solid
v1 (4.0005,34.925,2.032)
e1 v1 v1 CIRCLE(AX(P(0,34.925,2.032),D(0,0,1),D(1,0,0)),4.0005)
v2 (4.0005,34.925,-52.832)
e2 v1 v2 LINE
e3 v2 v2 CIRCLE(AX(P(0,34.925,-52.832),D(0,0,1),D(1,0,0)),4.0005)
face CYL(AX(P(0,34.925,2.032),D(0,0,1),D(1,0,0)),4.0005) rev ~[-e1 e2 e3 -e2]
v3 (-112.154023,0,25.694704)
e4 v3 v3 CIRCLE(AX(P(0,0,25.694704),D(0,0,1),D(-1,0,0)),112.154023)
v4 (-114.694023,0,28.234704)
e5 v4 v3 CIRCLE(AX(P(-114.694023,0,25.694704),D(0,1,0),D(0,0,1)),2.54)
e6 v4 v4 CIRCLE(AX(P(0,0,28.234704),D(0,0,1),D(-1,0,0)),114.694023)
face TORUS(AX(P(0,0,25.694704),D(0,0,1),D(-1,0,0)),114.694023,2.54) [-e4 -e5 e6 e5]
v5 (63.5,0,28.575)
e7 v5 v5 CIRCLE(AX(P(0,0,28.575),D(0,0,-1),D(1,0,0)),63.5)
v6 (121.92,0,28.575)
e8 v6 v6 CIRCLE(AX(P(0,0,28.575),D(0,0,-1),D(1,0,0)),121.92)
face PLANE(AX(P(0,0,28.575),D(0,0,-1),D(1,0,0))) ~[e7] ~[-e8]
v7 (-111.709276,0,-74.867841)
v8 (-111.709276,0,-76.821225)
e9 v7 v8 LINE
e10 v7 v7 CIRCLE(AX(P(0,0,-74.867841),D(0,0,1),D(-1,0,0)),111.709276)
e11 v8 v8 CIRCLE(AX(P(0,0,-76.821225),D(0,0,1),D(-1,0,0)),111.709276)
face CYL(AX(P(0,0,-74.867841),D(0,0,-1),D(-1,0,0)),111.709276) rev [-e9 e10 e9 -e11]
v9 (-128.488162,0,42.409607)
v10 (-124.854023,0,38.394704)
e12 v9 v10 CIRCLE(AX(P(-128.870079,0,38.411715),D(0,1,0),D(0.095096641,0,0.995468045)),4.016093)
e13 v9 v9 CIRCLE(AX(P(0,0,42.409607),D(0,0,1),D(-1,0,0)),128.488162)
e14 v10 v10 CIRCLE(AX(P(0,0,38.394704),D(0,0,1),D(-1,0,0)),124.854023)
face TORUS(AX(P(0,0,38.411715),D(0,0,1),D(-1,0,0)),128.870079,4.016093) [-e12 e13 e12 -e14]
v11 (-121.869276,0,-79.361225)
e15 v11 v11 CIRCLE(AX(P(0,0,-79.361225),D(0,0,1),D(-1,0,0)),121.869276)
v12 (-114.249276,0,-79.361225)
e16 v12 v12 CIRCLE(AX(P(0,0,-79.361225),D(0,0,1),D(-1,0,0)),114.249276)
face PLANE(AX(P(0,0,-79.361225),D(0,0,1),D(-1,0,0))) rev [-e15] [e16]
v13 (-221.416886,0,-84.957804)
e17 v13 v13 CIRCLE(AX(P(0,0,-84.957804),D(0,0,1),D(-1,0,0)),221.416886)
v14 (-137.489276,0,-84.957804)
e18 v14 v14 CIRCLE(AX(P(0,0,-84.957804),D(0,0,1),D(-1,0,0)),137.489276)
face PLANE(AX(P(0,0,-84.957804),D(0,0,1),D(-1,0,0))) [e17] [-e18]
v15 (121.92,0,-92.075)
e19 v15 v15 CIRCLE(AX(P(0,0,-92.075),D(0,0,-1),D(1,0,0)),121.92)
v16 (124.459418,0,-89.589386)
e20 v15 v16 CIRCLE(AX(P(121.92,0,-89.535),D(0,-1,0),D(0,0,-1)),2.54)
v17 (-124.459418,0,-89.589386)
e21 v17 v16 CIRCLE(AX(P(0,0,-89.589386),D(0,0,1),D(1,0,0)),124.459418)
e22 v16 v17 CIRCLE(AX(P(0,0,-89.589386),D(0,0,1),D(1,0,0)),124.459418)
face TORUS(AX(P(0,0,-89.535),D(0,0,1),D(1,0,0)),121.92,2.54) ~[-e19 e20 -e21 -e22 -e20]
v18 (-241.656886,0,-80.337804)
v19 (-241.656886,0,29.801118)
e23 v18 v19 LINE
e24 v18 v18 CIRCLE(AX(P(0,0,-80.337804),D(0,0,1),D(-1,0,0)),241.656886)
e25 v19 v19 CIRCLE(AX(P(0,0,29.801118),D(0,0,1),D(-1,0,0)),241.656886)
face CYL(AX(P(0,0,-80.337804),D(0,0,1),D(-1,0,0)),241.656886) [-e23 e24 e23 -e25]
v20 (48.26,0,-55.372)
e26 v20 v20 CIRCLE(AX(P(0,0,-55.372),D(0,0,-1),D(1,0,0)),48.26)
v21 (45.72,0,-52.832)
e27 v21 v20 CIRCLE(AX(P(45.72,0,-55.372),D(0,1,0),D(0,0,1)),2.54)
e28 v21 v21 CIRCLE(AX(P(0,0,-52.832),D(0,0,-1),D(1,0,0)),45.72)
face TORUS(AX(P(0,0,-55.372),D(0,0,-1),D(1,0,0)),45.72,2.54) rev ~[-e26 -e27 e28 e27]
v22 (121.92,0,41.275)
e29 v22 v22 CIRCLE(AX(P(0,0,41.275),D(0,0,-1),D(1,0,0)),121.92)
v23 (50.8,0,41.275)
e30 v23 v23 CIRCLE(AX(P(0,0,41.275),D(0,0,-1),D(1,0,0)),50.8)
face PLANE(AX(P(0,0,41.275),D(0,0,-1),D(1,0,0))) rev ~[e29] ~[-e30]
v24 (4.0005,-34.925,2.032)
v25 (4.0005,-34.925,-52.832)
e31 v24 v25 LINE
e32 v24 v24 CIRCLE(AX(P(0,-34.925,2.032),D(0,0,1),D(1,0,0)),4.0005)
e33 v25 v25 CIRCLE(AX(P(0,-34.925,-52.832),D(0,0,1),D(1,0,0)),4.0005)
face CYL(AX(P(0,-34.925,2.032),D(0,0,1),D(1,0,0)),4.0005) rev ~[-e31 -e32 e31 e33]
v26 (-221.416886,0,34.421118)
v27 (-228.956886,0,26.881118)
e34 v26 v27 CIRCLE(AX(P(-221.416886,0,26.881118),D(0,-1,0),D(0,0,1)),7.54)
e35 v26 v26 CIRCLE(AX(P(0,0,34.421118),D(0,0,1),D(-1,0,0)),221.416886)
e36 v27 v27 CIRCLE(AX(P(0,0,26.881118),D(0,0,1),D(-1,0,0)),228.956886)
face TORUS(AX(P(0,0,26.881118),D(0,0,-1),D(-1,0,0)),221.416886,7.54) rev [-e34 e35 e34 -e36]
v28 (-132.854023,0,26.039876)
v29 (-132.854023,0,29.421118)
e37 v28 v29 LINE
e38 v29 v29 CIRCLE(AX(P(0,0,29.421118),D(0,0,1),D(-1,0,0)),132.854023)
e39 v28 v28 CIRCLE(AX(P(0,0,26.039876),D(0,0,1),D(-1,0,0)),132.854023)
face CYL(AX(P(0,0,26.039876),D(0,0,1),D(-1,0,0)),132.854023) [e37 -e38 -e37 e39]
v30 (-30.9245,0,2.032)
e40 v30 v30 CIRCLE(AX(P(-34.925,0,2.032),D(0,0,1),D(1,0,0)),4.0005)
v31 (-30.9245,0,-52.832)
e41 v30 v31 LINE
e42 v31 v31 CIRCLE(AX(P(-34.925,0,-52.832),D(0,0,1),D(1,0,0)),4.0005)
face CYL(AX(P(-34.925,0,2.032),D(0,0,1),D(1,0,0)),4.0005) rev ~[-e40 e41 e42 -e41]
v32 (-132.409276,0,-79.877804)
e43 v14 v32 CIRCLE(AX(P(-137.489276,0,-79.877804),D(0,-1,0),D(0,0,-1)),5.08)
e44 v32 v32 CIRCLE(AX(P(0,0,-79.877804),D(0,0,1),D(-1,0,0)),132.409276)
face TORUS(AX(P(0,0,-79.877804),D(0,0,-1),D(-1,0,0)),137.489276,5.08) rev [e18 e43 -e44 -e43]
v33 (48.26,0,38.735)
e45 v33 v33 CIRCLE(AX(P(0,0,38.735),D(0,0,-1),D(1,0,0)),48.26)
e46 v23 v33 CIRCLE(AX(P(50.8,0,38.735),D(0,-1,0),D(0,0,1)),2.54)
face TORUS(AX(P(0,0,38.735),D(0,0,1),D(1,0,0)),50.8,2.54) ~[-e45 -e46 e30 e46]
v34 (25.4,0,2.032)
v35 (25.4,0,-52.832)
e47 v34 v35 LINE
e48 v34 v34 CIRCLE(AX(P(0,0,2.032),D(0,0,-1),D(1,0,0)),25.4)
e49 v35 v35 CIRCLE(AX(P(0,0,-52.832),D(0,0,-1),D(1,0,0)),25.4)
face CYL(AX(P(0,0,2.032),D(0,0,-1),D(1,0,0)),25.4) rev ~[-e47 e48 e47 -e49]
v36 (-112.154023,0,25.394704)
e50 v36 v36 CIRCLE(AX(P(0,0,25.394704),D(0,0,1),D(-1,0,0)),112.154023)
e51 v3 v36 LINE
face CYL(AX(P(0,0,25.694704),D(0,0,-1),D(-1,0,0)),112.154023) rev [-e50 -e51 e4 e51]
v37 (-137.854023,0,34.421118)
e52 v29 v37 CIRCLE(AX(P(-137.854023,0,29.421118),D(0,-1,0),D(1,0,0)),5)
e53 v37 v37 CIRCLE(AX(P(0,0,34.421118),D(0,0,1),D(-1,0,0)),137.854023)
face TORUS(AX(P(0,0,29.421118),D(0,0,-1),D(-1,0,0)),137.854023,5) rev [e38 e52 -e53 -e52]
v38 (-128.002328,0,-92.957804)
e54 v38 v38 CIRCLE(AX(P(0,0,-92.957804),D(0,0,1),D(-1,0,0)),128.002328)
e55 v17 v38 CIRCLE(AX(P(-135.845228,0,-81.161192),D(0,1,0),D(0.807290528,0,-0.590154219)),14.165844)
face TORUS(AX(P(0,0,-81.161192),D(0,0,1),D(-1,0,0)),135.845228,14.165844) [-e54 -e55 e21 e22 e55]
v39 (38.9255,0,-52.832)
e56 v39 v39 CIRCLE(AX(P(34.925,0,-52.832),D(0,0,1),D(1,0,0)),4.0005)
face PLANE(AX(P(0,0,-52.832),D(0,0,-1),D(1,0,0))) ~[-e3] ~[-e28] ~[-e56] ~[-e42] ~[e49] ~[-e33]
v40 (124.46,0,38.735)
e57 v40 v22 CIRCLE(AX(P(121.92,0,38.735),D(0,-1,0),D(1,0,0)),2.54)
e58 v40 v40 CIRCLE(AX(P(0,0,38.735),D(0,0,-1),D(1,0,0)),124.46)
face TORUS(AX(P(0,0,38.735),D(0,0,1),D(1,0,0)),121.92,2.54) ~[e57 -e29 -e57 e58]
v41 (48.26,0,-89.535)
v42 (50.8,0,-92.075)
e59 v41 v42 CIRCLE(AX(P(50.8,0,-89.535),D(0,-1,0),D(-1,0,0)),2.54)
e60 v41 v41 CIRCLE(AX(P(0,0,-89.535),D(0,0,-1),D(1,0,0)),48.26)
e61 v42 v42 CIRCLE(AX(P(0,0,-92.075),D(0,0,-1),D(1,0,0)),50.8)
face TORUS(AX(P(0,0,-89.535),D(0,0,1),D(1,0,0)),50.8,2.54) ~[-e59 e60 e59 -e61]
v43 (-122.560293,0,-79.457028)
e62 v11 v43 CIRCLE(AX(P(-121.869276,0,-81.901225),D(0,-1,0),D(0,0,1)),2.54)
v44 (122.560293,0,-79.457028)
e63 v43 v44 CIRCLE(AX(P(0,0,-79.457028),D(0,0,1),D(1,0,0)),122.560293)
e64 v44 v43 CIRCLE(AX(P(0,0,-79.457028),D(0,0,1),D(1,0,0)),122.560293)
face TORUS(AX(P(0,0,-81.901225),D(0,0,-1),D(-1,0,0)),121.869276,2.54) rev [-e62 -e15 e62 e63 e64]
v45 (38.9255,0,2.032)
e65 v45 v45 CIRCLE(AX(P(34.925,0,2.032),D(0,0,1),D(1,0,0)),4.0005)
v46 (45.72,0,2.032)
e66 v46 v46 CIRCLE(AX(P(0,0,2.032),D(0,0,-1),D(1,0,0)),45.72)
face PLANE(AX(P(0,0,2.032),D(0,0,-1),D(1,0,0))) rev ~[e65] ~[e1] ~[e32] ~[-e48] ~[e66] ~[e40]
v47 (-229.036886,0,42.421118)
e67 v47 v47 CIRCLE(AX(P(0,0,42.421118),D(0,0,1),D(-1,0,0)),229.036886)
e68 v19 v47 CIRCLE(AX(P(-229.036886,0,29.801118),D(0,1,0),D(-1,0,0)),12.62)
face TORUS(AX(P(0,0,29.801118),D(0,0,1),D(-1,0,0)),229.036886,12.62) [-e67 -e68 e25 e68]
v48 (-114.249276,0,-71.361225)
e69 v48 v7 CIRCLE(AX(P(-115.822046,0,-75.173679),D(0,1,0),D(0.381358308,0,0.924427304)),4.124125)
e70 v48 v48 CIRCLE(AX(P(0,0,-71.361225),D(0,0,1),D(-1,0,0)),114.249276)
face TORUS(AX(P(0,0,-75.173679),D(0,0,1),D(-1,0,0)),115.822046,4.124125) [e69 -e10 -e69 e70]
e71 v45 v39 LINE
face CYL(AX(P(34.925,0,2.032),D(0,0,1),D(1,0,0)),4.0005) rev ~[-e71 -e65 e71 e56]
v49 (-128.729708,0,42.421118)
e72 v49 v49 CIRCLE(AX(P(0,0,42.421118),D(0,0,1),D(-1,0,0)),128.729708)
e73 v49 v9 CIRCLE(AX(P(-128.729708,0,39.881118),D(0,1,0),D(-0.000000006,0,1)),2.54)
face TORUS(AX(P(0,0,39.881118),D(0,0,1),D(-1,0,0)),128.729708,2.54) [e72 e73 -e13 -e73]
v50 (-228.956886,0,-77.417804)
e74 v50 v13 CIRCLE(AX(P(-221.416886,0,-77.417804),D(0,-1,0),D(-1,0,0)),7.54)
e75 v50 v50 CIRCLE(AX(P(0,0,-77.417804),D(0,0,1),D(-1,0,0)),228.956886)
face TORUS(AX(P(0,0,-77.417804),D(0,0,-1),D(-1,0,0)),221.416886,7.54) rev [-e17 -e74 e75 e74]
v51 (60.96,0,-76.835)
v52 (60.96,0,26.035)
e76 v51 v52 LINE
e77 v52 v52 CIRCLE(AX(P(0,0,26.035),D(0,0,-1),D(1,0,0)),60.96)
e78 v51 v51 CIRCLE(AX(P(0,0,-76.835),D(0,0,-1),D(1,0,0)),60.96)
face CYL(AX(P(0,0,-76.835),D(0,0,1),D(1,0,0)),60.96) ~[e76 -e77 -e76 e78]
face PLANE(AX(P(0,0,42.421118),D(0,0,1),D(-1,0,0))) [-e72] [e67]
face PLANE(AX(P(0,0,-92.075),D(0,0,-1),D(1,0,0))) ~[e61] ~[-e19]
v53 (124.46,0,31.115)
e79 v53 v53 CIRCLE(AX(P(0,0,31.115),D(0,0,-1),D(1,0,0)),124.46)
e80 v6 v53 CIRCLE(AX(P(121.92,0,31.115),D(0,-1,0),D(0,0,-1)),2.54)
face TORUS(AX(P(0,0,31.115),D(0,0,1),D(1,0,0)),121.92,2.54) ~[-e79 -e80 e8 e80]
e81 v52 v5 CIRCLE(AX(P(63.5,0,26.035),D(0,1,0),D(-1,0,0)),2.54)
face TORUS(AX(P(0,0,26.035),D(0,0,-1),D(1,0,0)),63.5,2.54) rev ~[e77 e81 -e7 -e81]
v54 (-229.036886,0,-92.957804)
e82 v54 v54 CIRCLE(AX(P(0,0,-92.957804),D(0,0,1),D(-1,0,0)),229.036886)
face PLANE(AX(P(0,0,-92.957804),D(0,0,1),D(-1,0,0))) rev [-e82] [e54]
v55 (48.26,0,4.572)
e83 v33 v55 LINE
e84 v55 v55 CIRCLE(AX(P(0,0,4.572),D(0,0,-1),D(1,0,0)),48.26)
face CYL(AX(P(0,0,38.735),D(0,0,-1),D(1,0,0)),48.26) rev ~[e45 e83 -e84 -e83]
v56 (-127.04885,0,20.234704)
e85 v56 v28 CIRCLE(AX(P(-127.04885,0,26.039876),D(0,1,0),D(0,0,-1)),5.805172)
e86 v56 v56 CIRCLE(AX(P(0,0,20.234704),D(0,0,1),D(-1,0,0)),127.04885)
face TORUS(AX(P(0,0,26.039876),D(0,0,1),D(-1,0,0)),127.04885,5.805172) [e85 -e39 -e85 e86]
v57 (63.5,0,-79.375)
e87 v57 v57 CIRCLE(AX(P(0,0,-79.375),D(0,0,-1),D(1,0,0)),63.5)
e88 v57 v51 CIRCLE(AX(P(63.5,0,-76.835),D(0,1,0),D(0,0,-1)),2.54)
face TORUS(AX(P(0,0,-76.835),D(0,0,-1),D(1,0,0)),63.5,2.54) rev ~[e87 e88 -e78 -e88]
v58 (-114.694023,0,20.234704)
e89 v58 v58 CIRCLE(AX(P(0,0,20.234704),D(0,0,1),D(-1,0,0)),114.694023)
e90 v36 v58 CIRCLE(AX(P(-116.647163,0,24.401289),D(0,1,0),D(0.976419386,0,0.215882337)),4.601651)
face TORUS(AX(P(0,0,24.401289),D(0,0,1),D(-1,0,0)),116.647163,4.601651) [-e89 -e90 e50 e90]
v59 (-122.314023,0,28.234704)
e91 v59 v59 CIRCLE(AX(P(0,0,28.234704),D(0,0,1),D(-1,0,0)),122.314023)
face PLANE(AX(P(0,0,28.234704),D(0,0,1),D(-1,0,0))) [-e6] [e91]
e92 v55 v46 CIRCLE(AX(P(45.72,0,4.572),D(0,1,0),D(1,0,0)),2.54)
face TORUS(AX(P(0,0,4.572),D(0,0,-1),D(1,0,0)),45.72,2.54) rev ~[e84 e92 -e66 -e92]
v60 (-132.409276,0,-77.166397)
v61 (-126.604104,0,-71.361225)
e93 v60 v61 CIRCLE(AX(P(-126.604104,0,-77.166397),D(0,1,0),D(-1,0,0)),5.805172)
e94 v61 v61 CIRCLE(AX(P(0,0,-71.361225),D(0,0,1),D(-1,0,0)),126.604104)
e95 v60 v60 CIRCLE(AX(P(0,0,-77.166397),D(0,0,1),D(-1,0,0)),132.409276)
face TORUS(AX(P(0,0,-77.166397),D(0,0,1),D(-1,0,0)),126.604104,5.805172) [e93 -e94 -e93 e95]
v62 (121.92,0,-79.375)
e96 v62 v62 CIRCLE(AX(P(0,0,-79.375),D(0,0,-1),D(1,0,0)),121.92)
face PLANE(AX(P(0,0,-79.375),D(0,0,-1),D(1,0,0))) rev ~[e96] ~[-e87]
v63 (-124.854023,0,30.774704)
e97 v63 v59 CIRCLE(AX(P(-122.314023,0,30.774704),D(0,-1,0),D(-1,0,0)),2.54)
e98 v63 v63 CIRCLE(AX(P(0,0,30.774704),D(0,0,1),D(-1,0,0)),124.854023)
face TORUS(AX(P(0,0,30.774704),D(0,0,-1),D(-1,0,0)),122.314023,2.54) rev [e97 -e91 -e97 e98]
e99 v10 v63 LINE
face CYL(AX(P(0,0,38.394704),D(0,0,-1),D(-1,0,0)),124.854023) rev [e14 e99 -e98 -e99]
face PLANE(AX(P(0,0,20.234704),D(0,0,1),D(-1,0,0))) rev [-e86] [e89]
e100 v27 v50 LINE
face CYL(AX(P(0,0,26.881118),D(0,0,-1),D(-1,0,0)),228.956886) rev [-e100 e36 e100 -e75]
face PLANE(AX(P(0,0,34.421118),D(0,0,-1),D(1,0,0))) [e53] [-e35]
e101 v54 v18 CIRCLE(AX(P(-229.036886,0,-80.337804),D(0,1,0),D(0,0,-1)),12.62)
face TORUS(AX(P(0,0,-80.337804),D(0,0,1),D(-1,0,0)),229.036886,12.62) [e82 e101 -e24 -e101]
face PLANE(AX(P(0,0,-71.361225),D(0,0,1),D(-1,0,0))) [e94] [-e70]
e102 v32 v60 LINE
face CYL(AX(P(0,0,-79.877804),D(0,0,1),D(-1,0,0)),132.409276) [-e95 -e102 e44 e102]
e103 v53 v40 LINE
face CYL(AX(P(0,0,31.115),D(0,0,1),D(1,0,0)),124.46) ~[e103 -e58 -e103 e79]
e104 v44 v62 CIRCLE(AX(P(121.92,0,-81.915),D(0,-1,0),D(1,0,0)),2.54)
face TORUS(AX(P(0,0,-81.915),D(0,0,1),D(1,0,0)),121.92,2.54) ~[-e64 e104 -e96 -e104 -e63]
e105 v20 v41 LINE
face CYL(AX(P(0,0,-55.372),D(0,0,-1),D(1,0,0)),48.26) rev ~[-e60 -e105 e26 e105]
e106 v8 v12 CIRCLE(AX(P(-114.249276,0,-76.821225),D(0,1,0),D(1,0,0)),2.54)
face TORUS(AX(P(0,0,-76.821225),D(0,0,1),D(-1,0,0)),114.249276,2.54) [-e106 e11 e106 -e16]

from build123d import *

# Parameters (mm, degrees)
CROQUIS2_R            = 4.0005
CORTAR_EXTRUIR1_DEPTH = 200.591359279


with BuildPart() as part:
    # Croquis1 → Revolución1 (revolve)
    with BuildSketch(Plane(origin=(0, 0, 0), x_dir=(0, 0, -1), z_dir=(1, 0, 0)), mode=Mode.PRIVATE) as revoluci_n1_sk:
        with BuildLine():
            Line((-2.032, 25.4), (52.832, 25.4))
            Line((52.832, 25.4), (52.832, 45.72))
            ThreePointArc((52.832, 45.72), (53.575948776, 47.516051224), (55.372, 48.26))
            Line((55.372, 48.26), (89.535, 48.26))
            ThreePointArc((89.535, 48.26), (91.331051224, 49.003948776), (92.075, 50.8))
            Line((92.075, 50.8), (92.075, 121.92))
            ThreePointArc((92.075, 121.92), (91.331051224, 123.716051224), (89.535, 124.46))
            Line((89.535, 124.46), (81.915, 124.46))
            ThreePointArc((81.915, 124.46), (80.118948776, 123.716051224), (79.375, 121.92))
            Line((79.375, 121.92), (79.375, 63.5))
            ThreePointArc((79.375, 63.5), (78.631051224, 61.703948776), (76.835, 60.96))
            Line((76.835, 60.96), (-26.035, 60.96))
            ThreePointArc((-26.035, 60.96), (-27.831051224, 61.703948776), (-28.575, 63.5))
            Line((-28.575, 63.5), (-28.575, 121.92))
            ThreePointArc((-28.575, 121.92), (-29.318948776, 123.716051224), (-31.115, 124.46))
            Line((-31.115, 124.46), (-38.735, 124.46))
            ThreePointArc((-38.735, 124.46), (-40.531051224, 123.716051224), (-41.275, 121.92))
            Line((-41.275, 121.92), (-41.275, 50.8))
            ThreePointArc((-41.275, 50.8), (-40.531051224, 49.003948776), (-38.735, 48.26))
            Line((-38.735, 48.26), (-4.572, 48.26))
            ThreePointArc((-4.572, 48.26), (-2.775948776, 47.516051224), (-2.032, 45.72))
            Line((-2.032, 45.72), (-2.032, 25.4))
        make_face()
    revolve(revoluci_n1_sk.sketch.rotate(Axis((0, 0, 41.275), (0, 0, -1)), 90), axis=Axis((0, 0, 41.275), (0, 0, -1)))

    # Croquis2 → Cortar-Extruir1 (cut, through all)
    with BuildSketch(Plane.XY.offset(2.032)):
        with Locations((0, 34.925)):
            Circle(CROQUIS2_R)
        with Locations((34.925, 0)):
            Circle(CROQUIS2_R)
        with Locations((0, -34.925)):
            Circle(CROQUIS2_R)
        with Locations((-34.925, 0)):
            Circle(CROQUIS2_R)
    extrude(amount=-CORTAR_EXTRUIR1_DEPTH, mode=Mode.SUBTRACT)

    # Croquis3 → Revolución2 (revolve)
    with BuildSketch(Plane(origin=(0, 0, 0), x_dir=(0, 0, -1), z_dir=(1, 0, 0)), mode=Mode.PRIVATE) as revoluci_n2_sk:
        with BuildLine():
            Line((-38.394703691, 124.854022526), (-30.774703691, 124.854022526))
            ThreePointArc((-30.774703691, 124.854022526), (-28.978652467, 124.110073751), (-28.234703691, 122.314022526))
            Line((-28.234703691, 122.314022526), (-28.234703691, 114.694022526))
            ThreePointArc((-28.234703691, 114.694022526), (-27.490754915, 112.897971302), (-25.694703691, 112.154022526))
            Line((-25.694703691, 112.154022526), (-25.394703691, 112.154022526))
            ThreePointArc((-25.394703691, 112.154022526), (-22.369011136, 112.518599855), (-20.234703691, 114.694022526))
            Line((-20.234703691, 114.694022526), (-20.234703691, 127.04885032))
            ThreePointArc((-20.234703691, 127.04885032), (-21.934999264, 131.153726953), (-26.039875897, 132.854022526))
            Line((-26.039875897, 132.854022526), (-29.421118206, 132.854022526))
            ThreePointArc((-29.421118206, 132.854022526), (-32.956652112, 134.31848862), (-34.421118206, 137.854022526))
            Line((-34.421118206, 137.854022526), (-34.421118206, 157.580586357))
            Line((-34.421118206, 157.580586357), (-34.421118206, 221.416885885))
            ThreePointArc((-34.421118206, 221.416885885), (-32.212703336, 226.748471015), (-26.881118206, 228.956885885))
            Line((-26.881118206, 228.956885885), (77.417803854, 228.956885885))
            ThreePointArc((77.417803854, 228.956885885), (82.749388984, 226.748471015), (84.957803854, 221.416885885))
            Line((84.957803854, 221.416885885), (84.957803854, 219.773449716))
            Line((84.957803854, 219.773449716), (84.957803854, 137.489276356))
            ThreePointArc((84.957803854, 137.489276356), (83.469906303, 133.897173908), (79.877803854, 132.409276356))
            Line((79.877803854, 132.409276356), (77.166396892, 132.409276356))
            ThreePointArc((77.166396892, 132.409276356), (73.061520259, 130.708980783), (71.361224685, 126.60410415))
            Line((71.361224685, 126.60410415), (71.361224685, 114.249276356))
            ThreePointArc((71.361224685, 114.249276356), (72.754385165, 112.482071539), (74.867841243, 111.709276356))
            Line((74.867841243, 111.709276356), (76.821224685, 111.709276356))
            ThreePointArc((76.821224685, 111.709276356), (78.617275909, 112.453225132), (79.361224685, 114.249276356))
            Line((79.361224685, 114.249276356), (79.361224685, 121.869276356))
            ThreePointArc((79.361224685, 121.869276356), (80.105173461, 123.66532758), (81.901224685, 124.409276356))
            Line((81.901224685, 124.409276356), (89.521224685, 124.409276356))
            ThreePointArc((89.521224685, 124.409276356), (91.398383227, 126.053851556), (92.957803854, 128.002327649))
            Line((92.957803854, 128.002327649), (92.957803854, 192.126885885))
            Line((92.957803854, 192.126885885), (92.957803854, 229.036885885))
            ThreePointArc((92.957803854, 229.036885885), (89.261491433, 237.960573463), (80.337803854, 241.656885885))
            Line((80.337803854, 241.656885885), (-29.801118206, 241.656885885))
            ThreePointArc((-29.801118206, 241.656885885), (-38.724805785, 237.960573463), (-42.421118206, 229.036885885))
            Line((-42.421118206, 229.036885885), (-42.421118206, 132.152791569))
            Line((-42.421118206, 132.152791569), (-42.421118206, 128.729707675))
            ThreePointArc((-42.421118206, 128.729707675), (-42.418238783, 128.608797874), (-42.409607041, 128.488162207))
            ThreePointArc((-42.409607041, 128.488162207), (-41.106820913, 125.892596129), (-38.394703691, 124.854022526))
        make_face()
        with BuildLine():
            Line((-29.801118206, 241.656885885), (80.337803854, 241.656885885))
            ThreePointArc((80.337803854, 241.656885885), (89.261491433, 237.960573463), (92.957803854, 229.036885885))
            Line((92.957803854, 229.036885885), (92.957803854, 192.126885885))
            Line((92.957803854, 192.126885885), (92.957803854, 128.002327649))
            ThreePointArc((92.957803854, 128.002327649), (91.398383227, 126.053851556), (89.521224685, 124.409276356))
            Line((89.521224685, 124.409276356), (81.901224685, 124.409276356))
            ThreePointArc((81.901224685, 124.409276356), (80.105173461, 123.66532758), (79.361224685, 121.869276356))
            Line((79.361224685, 121.869276356), (79.361224685, 114.249276356))
            ThreePointArc((79.361224685, 114.249276356), (78.617275909, 112.453225132), (76.821224685, 111.709276356))
            Line((76.821224685, 111.709276356), (74.867841243, 111.709276356))
            ThreePointArc((74.867841243, 111.709276356), (72.754385165, 112.482071539), (71.361224685, 114.249276356))
            Line((71.361224685, 114.249276356), (71.361224685, 126.60410415))
            ThreePointArc((71.361224685, 126.60410415), (73.061520259, 130.708980783), (77.166396892, 132.409276356))
            Line((77.166396892, 132.409276356), (79.877803854, 132.409276356))
            ThreePointArc((79.877803854, 132.409276356), (83.469906303, 133.897173908), (84.957803854, 137.489276356))
            Line((84.957803854, 137.489276356), (84.957803854, 219.773449716))
            Line((84.957803854, 219.773449716), (84.957803854, 221.416885885))
            ThreePointArc((84.957803854, 221.416885885), (82.749388984, 226.748471015), (77.417803854, 228.956885885))
            Line((77.417803854, 228.956885885), (-26.881118206, 228.956885885))
            ThreePointArc((-26.881118206, 228.956885885), (-32.212703336, 226.748471015), (-34.421118206, 221.416885885))
            Line((-34.421118206, 221.416885885), (-34.421118206, 157.580586357))
            Line((-34.421118206, 157.580586357), (-34.421118206, 137.854022526))
            ThreePointArc((-34.421118206, 137.854022526), (-32.956652112, 134.31848862), (-29.421118206, 132.854022526))
            Line((-29.421118206, 132.854022526), (-26.039875897, 132.854022526))
            ThreePointArc((-26.039875897, 132.854022526), (-21.934999264, 131.153726953), (-20.234703691, 127.04885032))
            Line((-20.234703691, 127.04885032), (-20.234703691, 114.694022526))
            ThreePointArc((-20.234703691, 114.694022526), (-22.369011136, 112.518599855), (-25.394703691, 112.154022526))
            Line((-25.394703691, 112.154022526), (-25.694703691, 112.154022526))
            ThreePointArc((-25.694703691, 112.154022526), (-27.490754915, 112.897971302), (-28.234703691, 114.694022526))
            Line((-28.234703691, 114.694022526), (-28.234703691, 122.314022526))
            ThreePointArc((-28.234703691, 122.314022526), (-28.978652467, 124.110073751), (-30.774703691, 124.854022526))
            Line((-30.774703691, 124.854022526), (-38.394703691, 124.854022526))
            ThreePointArc((-38.394703691, 124.854022526), (-41.106820913, 125.892596129), (-42.409607041, 128.488162207))
            ThreePointArc((-42.409607041, 128.488162207), (-42.418238783, 128.608797874), (-42.421118206, 128.729707675))
            Line((-42.421118206, 128.729707675), (-42.421118206, 132.152791569))
            Line((-42.421118206, 132.152791569), (-42.421118206, 229.036885885))
            ThreePointArc((-42.421118206, 229.036885885), (-38.724805785, 237.960573463), (-29.801118206, 241.656885885))
        make_face()
    revolve(revoluci_n2_sk.sketch.rotate(Axis((0, 0, -183.047172604), (0, 0, 1)), 90), axis=Axis((0, 0, -183.047172604), (0, 0, 1)))


solid = part.part
